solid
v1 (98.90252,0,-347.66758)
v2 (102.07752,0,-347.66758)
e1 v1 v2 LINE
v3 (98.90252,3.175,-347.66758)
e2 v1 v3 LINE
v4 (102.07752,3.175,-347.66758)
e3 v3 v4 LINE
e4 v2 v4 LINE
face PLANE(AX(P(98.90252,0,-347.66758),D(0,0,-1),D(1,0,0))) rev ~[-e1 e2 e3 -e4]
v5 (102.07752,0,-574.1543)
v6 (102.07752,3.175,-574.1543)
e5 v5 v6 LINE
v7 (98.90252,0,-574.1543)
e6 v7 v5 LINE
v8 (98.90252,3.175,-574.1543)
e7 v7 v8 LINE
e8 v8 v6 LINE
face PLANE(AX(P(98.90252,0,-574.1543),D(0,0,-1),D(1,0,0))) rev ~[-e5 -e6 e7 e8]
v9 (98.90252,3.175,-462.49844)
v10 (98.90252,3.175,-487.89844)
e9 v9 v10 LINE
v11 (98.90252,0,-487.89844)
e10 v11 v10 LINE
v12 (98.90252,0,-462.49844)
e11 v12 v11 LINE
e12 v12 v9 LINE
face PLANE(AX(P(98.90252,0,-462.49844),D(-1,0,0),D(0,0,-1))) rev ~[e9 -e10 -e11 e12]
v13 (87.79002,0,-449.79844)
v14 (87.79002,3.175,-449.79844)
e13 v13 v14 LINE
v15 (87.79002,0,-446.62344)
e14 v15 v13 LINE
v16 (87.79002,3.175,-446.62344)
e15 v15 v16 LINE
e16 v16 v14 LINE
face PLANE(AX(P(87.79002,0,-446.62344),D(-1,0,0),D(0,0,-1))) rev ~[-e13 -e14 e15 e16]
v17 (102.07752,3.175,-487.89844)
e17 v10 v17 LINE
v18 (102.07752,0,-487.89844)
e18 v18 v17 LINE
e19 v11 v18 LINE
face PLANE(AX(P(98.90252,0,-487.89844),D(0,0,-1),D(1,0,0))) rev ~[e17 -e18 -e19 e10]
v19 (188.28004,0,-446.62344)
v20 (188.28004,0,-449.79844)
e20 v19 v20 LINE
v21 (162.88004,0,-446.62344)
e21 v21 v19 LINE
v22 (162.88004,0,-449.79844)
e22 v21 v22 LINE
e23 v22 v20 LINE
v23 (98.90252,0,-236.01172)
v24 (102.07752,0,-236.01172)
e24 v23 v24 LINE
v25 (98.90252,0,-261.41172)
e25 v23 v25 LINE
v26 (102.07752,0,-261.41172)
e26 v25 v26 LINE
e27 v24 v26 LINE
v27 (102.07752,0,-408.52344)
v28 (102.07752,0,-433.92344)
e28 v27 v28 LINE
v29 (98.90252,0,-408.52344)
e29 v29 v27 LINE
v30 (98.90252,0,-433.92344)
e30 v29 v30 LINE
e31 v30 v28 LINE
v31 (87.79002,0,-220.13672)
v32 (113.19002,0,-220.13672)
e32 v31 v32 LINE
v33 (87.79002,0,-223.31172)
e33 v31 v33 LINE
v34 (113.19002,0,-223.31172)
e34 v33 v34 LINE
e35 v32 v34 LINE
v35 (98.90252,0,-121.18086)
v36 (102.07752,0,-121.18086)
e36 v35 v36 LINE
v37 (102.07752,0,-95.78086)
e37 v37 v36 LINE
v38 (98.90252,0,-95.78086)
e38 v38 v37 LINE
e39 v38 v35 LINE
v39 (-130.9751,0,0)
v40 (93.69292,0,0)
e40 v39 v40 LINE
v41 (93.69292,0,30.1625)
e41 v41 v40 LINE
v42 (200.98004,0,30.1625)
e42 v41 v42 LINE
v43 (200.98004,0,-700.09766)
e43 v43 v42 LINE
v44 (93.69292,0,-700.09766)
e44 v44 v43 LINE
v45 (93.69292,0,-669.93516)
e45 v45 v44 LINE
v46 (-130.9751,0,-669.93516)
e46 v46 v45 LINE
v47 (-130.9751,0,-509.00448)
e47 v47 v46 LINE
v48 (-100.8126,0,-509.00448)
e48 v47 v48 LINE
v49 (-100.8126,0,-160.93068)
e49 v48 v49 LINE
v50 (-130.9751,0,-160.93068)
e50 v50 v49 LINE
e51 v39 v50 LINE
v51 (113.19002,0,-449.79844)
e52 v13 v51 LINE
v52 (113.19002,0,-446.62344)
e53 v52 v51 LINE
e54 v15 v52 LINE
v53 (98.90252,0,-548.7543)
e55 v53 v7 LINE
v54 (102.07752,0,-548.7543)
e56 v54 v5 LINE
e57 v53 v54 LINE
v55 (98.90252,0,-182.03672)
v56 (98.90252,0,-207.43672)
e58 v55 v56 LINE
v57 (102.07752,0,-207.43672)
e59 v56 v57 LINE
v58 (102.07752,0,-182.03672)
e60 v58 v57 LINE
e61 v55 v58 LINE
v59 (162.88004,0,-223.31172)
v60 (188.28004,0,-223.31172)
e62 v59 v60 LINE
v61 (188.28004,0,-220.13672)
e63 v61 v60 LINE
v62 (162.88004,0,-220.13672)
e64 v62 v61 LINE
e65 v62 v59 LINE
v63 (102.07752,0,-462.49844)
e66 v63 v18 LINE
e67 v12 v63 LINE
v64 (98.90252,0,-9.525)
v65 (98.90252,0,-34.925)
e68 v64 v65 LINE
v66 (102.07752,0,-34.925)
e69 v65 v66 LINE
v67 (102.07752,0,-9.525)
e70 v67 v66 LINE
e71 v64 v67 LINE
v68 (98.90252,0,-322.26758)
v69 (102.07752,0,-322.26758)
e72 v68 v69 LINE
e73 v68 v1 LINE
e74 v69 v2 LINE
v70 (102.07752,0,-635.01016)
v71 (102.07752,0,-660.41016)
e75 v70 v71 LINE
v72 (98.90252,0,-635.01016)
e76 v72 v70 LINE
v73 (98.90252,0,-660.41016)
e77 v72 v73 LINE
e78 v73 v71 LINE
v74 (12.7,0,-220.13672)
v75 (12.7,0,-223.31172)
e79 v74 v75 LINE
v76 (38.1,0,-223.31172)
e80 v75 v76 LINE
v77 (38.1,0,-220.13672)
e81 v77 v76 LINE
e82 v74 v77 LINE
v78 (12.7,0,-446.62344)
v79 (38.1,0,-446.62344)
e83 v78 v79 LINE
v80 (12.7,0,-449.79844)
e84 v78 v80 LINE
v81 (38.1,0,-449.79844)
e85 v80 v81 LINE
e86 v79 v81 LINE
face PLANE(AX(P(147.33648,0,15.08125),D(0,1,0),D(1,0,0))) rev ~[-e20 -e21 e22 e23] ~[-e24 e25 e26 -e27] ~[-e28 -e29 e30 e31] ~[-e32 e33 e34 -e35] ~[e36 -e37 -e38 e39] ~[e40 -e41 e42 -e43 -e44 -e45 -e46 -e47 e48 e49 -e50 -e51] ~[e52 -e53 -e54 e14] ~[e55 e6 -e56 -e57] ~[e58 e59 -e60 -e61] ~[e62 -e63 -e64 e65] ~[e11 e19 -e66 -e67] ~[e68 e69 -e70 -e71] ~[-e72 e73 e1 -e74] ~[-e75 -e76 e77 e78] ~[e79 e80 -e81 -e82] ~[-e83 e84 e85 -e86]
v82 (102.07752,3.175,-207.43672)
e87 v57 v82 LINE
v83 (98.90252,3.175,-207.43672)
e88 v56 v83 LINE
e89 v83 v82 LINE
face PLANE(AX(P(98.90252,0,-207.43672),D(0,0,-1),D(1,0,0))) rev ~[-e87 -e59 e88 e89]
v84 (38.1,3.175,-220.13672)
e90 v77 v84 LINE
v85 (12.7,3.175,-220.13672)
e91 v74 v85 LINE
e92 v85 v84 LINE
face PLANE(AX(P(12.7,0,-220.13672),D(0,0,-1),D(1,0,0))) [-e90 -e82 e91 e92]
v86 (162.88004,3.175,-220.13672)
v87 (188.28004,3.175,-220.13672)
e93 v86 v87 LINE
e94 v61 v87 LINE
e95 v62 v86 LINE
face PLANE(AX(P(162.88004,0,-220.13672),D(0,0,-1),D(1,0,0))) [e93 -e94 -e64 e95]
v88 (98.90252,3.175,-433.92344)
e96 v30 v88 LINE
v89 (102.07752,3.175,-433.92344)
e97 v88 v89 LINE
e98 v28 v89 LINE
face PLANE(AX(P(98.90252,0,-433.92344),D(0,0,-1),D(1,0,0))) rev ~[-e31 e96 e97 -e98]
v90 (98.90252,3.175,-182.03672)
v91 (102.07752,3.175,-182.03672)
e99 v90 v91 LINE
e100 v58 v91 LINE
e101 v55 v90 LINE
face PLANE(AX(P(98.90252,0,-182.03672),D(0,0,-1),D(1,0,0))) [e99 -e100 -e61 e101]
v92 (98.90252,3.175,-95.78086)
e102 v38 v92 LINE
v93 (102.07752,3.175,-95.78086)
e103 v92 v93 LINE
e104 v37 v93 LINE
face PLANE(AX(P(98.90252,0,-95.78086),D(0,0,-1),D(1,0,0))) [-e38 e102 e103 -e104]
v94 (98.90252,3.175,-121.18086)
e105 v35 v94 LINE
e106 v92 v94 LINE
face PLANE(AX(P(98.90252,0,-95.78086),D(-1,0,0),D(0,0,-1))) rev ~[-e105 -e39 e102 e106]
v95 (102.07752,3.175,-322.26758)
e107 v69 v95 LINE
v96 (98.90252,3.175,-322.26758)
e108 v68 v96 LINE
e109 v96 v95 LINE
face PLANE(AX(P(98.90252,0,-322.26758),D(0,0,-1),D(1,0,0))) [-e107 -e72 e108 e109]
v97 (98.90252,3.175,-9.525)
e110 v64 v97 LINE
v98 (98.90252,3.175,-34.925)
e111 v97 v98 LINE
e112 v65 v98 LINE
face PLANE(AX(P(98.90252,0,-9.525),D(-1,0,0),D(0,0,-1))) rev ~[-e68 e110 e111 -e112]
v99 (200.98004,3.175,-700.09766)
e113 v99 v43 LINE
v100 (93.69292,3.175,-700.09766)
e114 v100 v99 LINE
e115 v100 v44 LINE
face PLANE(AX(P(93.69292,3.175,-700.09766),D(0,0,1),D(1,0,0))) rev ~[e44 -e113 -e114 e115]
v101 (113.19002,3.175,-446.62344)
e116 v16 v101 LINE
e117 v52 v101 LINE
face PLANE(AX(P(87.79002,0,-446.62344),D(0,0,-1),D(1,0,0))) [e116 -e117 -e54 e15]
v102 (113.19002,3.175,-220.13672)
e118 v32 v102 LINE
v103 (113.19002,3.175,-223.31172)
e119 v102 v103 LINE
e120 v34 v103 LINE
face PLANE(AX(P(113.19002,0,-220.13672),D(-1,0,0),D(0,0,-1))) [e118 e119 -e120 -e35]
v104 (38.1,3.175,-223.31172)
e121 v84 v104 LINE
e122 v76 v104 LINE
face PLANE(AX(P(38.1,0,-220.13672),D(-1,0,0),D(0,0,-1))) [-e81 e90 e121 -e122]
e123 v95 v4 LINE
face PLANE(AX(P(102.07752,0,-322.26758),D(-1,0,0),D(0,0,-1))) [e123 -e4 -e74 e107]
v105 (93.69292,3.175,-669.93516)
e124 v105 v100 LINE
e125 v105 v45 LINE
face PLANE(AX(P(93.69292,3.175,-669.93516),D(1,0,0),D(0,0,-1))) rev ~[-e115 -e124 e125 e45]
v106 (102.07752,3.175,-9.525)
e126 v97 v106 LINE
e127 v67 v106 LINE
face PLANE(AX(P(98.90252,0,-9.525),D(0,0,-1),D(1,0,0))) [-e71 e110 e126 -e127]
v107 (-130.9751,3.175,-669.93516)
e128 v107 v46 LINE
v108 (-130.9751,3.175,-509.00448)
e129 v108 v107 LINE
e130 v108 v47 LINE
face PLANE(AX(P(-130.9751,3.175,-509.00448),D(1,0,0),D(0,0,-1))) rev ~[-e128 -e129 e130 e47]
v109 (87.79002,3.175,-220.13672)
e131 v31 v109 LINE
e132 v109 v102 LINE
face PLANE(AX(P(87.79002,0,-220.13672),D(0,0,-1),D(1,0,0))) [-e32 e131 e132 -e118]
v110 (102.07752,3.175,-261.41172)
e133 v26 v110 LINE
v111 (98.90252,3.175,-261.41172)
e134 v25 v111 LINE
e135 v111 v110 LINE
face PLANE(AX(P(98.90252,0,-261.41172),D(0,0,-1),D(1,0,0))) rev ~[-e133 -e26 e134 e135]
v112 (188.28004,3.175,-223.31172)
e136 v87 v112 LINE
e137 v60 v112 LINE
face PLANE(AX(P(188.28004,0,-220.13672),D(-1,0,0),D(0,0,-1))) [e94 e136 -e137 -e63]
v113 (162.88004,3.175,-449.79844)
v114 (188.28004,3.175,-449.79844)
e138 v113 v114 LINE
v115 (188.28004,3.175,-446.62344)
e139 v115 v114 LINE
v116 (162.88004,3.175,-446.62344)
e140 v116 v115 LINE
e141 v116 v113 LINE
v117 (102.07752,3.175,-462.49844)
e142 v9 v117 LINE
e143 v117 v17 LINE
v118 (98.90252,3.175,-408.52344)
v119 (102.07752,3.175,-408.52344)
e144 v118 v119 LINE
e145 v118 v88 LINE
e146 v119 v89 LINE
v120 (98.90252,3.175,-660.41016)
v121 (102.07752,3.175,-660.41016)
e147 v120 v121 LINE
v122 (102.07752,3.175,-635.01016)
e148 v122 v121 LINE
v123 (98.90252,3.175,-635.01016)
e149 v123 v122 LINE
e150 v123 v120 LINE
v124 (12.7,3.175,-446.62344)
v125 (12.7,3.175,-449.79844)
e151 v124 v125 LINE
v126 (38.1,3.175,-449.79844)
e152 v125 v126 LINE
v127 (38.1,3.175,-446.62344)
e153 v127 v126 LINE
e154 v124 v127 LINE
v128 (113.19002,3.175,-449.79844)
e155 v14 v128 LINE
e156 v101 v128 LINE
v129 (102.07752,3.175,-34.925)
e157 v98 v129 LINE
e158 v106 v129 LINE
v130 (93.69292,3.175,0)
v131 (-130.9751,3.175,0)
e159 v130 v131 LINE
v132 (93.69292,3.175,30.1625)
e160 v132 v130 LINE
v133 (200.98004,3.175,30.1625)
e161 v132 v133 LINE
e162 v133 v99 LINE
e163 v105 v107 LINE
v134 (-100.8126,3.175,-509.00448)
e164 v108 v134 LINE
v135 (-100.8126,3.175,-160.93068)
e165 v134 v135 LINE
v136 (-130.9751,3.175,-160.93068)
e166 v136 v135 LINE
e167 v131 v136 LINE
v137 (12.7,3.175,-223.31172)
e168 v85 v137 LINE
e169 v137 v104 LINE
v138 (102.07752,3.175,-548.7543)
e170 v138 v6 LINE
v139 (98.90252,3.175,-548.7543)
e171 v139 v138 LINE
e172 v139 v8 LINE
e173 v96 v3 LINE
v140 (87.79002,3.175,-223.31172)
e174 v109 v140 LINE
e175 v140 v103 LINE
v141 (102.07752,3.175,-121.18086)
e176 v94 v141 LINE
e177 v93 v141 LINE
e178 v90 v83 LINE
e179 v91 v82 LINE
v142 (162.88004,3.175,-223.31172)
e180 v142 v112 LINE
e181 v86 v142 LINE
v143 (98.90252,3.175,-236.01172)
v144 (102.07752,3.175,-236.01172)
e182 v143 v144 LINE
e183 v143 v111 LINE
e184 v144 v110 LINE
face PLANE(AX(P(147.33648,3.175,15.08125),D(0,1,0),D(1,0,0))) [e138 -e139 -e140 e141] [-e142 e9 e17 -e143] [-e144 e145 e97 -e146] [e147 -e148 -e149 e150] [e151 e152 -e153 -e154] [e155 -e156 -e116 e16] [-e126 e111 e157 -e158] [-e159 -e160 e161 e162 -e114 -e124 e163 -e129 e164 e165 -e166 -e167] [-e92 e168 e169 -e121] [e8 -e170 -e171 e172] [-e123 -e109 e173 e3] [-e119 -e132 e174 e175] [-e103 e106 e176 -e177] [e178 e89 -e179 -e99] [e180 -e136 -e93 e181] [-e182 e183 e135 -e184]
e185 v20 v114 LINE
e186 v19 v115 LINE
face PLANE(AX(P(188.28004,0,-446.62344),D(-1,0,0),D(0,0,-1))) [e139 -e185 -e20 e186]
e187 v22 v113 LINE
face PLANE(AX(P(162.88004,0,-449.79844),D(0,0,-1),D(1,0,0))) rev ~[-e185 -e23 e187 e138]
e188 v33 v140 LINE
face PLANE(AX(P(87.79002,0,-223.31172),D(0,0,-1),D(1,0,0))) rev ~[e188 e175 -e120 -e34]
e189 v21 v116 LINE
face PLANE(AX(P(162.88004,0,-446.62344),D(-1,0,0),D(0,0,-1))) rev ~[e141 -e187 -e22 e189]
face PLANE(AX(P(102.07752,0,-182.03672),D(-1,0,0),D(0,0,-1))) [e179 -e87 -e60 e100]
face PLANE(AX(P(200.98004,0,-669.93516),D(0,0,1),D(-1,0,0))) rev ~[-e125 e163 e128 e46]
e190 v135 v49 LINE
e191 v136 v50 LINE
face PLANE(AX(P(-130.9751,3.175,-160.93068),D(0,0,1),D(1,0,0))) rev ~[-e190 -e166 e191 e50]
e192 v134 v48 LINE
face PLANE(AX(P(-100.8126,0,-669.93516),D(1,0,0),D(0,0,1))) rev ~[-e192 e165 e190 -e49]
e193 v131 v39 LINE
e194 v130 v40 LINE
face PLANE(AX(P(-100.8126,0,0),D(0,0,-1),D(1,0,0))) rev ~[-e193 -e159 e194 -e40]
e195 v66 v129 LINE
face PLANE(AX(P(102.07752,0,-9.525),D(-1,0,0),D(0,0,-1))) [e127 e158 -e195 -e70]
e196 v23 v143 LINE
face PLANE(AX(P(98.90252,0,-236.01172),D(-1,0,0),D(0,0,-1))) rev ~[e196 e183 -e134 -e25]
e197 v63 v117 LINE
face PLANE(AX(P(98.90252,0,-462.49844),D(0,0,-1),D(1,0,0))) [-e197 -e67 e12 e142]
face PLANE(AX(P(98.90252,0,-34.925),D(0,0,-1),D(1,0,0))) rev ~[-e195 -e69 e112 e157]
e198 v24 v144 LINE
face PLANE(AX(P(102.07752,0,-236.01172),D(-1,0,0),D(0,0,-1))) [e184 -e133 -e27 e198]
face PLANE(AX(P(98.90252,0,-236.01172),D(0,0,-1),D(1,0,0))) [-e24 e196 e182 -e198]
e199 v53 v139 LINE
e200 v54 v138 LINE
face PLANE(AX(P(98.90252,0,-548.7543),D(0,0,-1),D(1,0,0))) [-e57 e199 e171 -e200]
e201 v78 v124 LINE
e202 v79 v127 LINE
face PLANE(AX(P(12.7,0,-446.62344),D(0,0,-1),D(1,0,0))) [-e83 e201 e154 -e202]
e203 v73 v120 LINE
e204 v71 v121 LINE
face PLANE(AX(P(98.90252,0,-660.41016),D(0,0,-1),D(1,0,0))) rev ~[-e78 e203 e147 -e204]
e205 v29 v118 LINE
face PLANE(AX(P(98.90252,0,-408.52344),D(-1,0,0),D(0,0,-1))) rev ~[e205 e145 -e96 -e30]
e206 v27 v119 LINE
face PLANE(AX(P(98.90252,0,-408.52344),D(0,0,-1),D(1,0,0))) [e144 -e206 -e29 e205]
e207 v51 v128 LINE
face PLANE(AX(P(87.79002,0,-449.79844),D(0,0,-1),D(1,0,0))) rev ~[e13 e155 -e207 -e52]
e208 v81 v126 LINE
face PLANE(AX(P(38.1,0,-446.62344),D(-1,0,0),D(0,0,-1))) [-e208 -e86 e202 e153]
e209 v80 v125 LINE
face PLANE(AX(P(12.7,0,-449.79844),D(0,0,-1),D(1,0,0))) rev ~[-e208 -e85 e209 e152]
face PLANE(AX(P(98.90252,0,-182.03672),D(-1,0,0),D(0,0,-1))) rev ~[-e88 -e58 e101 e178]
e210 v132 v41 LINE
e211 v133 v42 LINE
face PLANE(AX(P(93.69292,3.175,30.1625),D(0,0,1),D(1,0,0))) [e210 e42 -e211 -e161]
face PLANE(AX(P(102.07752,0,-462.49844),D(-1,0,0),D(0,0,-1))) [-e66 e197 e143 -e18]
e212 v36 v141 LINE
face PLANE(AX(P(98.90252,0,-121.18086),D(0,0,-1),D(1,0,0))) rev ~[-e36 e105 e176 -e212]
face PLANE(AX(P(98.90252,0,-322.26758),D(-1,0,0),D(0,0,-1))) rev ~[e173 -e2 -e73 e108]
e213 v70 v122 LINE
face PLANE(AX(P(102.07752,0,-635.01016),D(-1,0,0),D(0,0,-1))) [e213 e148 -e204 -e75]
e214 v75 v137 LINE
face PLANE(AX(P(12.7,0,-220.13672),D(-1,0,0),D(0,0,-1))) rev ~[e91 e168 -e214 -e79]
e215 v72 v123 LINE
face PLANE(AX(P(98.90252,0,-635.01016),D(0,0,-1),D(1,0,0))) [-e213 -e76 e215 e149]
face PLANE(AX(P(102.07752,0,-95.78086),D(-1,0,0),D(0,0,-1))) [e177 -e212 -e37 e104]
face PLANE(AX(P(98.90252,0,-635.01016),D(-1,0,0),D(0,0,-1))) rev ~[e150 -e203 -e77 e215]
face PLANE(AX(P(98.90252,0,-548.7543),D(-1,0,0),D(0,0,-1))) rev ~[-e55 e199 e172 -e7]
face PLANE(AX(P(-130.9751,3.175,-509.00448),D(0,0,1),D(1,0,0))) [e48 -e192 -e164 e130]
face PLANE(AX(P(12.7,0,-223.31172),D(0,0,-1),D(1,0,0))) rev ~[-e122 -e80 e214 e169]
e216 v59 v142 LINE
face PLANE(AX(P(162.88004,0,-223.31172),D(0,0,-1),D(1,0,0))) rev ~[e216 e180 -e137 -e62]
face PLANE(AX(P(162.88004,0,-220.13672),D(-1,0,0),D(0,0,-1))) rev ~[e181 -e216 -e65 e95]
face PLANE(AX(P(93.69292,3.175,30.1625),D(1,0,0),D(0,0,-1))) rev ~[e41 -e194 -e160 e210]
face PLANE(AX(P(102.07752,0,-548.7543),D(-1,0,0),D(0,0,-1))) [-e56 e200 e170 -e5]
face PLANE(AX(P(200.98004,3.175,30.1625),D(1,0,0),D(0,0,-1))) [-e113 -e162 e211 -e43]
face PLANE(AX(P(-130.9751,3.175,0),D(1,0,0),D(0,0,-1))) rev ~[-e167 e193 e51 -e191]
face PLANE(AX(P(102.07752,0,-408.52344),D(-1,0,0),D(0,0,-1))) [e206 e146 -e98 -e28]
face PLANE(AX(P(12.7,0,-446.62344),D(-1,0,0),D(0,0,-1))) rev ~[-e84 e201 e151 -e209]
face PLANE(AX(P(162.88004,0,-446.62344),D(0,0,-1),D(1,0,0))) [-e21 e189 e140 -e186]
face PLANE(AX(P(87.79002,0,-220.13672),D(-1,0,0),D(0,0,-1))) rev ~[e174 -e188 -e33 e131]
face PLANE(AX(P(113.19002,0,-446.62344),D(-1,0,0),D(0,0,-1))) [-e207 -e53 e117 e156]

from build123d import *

# Parameters (mm, degrees)
SKETCH3_W           = 25.4
SKETCH3_H           = 3.175
SKETCH3_W_2         = 3.175
SKETCH3_H_2         = 25.4
BOSS_EXTRUDE1_DEPTH = 3.175
SKETCH6_W           = 107.287119944
SKETCH6_H           = 30.1625
SKETCH6_W_2         = 30.1625
SKETCH6_H_2         = 160.930679916
BOSS_EXTRUDE2_DEPTH = 3.175


with BuildPart() as part:
    # Sketch3 → Boss-Extrude1 (new body)
    with BuildSketch(Plane(origin=(0, 0, 0), x_dir=(1, 0, 0), z_dir=(0, 1, 0))):
        Polygon((0, 0), (200.98004, 0), (200.98004, 669.93516), (0, 669.93516), (-100.8126, 669.93516), (-100.8126, 0), align=None)
        with Locations((25.4, 448.21094)):
            Rectangle(SKETCH3_W, SKETCH3_H, mode=Mode.SUBTRACT)
        with Locations((175.58004, 448.21094)):
            Rectangle(SKETCH3_W, SKETCH3_H, mode=Mode.SUBTRACT)
        with Locations((100.49002, 448.21094)):
            Rectangle(SKETCH3_W, SKETCH3_H, mode=Mode.SUBTRACT)
        with Locations((100.49002, 647.71016)):
            Rectangle(SKETCH3_W_2, SKETCH3_H_2, mode=Mode.SUBTRACT)
        with Locations((100.49002, 475.19844)):
            Rectangle(SKETCH3_W_2, SKETCH3_H_2, mode=Mode.SUBTRACT)
        with Locations((100.49002, 561.4543)):
            Rectangle(SKETCH3_W_2, SKETCH3_H_2, mode=Mode.SUBTRACT)
        with Locations((100.49002, 421.22344)):
            Rectangle(SKETCH3_W_2, SKETCH3_H_2, mode=Mode.SUBTRACT)
        with Locations((100.49002, 334.96758)):
            Rectangle(SKETCH3_W_2, SKETCH3_H_2, mode=Mode.SUBTRACT)
        with Locations((100.49002, 248.71172)):
            Rectangle(SKETCH3_W_2, SKETCH3_H_2, mode=Mode.SUBTRACT)
        with Locations((25.4, 221.72422)):
            Rectangle(SKETCH3_W, SKETCH3_H, mode=Mode.SUBTRACT)
        with Locations((100.49002, 221.72422)):
            Rectangle(SKETCH3_W, SKETCH3_H, mode=Mode.SUBTRACT)
        with Locations((175.58004, 221.72422)):
            Rectangle(SKETCH3_W, SKETCH3_H, mode=Mode.SUBTRACT)
        with Locations((100.49002, 22.225)):
            Rectangle(SKETCH3_W_2, SKETCH3_H_2, mode=Mode.SUBTRACT)
        with Locations((100.49002, 108.48086)):
            Rectangle(SKETCH3_W_2, SKETCH3_H_2, mode=Mode.SUBTRACT)
        with Locations((100.49002, 194.73672)):
            Rectangle(SKETCH3_W_2, SKETCH3_H_2, mode=Mode.SUBTRACT)
    extrude(amount=BOSS_EXTRUDE1_DEPTH)

    # Sketch6 → Boss-Extrude2 (add)
    with BuildSketch(Plane(origin=(0, 3.175, 0), x_dir=(1, 0, 0), z_dir=(0, 1, 0))):
        with Locations((147.336480028, -15.08125)):
            Rectangle(SKETCH6_W, SKETCH6_H)
        with Locations((147.336480028, 685.01641)):
            Rectangle(SKETCH6_W, SKETCH6_H)
        with Locations((-115.89385, 589.469820042)):
            Rectangle(SKETCH6_W_2, SKETCH6_H_2)
        with Locations((-115.89385, 80.465339958)):
            Rectangle(SKETCH6_W_2, SKETCH6_H_2)
    extrude(amount=-BOSS_EXTRUDE2_DEPTH)


solid = part.part
